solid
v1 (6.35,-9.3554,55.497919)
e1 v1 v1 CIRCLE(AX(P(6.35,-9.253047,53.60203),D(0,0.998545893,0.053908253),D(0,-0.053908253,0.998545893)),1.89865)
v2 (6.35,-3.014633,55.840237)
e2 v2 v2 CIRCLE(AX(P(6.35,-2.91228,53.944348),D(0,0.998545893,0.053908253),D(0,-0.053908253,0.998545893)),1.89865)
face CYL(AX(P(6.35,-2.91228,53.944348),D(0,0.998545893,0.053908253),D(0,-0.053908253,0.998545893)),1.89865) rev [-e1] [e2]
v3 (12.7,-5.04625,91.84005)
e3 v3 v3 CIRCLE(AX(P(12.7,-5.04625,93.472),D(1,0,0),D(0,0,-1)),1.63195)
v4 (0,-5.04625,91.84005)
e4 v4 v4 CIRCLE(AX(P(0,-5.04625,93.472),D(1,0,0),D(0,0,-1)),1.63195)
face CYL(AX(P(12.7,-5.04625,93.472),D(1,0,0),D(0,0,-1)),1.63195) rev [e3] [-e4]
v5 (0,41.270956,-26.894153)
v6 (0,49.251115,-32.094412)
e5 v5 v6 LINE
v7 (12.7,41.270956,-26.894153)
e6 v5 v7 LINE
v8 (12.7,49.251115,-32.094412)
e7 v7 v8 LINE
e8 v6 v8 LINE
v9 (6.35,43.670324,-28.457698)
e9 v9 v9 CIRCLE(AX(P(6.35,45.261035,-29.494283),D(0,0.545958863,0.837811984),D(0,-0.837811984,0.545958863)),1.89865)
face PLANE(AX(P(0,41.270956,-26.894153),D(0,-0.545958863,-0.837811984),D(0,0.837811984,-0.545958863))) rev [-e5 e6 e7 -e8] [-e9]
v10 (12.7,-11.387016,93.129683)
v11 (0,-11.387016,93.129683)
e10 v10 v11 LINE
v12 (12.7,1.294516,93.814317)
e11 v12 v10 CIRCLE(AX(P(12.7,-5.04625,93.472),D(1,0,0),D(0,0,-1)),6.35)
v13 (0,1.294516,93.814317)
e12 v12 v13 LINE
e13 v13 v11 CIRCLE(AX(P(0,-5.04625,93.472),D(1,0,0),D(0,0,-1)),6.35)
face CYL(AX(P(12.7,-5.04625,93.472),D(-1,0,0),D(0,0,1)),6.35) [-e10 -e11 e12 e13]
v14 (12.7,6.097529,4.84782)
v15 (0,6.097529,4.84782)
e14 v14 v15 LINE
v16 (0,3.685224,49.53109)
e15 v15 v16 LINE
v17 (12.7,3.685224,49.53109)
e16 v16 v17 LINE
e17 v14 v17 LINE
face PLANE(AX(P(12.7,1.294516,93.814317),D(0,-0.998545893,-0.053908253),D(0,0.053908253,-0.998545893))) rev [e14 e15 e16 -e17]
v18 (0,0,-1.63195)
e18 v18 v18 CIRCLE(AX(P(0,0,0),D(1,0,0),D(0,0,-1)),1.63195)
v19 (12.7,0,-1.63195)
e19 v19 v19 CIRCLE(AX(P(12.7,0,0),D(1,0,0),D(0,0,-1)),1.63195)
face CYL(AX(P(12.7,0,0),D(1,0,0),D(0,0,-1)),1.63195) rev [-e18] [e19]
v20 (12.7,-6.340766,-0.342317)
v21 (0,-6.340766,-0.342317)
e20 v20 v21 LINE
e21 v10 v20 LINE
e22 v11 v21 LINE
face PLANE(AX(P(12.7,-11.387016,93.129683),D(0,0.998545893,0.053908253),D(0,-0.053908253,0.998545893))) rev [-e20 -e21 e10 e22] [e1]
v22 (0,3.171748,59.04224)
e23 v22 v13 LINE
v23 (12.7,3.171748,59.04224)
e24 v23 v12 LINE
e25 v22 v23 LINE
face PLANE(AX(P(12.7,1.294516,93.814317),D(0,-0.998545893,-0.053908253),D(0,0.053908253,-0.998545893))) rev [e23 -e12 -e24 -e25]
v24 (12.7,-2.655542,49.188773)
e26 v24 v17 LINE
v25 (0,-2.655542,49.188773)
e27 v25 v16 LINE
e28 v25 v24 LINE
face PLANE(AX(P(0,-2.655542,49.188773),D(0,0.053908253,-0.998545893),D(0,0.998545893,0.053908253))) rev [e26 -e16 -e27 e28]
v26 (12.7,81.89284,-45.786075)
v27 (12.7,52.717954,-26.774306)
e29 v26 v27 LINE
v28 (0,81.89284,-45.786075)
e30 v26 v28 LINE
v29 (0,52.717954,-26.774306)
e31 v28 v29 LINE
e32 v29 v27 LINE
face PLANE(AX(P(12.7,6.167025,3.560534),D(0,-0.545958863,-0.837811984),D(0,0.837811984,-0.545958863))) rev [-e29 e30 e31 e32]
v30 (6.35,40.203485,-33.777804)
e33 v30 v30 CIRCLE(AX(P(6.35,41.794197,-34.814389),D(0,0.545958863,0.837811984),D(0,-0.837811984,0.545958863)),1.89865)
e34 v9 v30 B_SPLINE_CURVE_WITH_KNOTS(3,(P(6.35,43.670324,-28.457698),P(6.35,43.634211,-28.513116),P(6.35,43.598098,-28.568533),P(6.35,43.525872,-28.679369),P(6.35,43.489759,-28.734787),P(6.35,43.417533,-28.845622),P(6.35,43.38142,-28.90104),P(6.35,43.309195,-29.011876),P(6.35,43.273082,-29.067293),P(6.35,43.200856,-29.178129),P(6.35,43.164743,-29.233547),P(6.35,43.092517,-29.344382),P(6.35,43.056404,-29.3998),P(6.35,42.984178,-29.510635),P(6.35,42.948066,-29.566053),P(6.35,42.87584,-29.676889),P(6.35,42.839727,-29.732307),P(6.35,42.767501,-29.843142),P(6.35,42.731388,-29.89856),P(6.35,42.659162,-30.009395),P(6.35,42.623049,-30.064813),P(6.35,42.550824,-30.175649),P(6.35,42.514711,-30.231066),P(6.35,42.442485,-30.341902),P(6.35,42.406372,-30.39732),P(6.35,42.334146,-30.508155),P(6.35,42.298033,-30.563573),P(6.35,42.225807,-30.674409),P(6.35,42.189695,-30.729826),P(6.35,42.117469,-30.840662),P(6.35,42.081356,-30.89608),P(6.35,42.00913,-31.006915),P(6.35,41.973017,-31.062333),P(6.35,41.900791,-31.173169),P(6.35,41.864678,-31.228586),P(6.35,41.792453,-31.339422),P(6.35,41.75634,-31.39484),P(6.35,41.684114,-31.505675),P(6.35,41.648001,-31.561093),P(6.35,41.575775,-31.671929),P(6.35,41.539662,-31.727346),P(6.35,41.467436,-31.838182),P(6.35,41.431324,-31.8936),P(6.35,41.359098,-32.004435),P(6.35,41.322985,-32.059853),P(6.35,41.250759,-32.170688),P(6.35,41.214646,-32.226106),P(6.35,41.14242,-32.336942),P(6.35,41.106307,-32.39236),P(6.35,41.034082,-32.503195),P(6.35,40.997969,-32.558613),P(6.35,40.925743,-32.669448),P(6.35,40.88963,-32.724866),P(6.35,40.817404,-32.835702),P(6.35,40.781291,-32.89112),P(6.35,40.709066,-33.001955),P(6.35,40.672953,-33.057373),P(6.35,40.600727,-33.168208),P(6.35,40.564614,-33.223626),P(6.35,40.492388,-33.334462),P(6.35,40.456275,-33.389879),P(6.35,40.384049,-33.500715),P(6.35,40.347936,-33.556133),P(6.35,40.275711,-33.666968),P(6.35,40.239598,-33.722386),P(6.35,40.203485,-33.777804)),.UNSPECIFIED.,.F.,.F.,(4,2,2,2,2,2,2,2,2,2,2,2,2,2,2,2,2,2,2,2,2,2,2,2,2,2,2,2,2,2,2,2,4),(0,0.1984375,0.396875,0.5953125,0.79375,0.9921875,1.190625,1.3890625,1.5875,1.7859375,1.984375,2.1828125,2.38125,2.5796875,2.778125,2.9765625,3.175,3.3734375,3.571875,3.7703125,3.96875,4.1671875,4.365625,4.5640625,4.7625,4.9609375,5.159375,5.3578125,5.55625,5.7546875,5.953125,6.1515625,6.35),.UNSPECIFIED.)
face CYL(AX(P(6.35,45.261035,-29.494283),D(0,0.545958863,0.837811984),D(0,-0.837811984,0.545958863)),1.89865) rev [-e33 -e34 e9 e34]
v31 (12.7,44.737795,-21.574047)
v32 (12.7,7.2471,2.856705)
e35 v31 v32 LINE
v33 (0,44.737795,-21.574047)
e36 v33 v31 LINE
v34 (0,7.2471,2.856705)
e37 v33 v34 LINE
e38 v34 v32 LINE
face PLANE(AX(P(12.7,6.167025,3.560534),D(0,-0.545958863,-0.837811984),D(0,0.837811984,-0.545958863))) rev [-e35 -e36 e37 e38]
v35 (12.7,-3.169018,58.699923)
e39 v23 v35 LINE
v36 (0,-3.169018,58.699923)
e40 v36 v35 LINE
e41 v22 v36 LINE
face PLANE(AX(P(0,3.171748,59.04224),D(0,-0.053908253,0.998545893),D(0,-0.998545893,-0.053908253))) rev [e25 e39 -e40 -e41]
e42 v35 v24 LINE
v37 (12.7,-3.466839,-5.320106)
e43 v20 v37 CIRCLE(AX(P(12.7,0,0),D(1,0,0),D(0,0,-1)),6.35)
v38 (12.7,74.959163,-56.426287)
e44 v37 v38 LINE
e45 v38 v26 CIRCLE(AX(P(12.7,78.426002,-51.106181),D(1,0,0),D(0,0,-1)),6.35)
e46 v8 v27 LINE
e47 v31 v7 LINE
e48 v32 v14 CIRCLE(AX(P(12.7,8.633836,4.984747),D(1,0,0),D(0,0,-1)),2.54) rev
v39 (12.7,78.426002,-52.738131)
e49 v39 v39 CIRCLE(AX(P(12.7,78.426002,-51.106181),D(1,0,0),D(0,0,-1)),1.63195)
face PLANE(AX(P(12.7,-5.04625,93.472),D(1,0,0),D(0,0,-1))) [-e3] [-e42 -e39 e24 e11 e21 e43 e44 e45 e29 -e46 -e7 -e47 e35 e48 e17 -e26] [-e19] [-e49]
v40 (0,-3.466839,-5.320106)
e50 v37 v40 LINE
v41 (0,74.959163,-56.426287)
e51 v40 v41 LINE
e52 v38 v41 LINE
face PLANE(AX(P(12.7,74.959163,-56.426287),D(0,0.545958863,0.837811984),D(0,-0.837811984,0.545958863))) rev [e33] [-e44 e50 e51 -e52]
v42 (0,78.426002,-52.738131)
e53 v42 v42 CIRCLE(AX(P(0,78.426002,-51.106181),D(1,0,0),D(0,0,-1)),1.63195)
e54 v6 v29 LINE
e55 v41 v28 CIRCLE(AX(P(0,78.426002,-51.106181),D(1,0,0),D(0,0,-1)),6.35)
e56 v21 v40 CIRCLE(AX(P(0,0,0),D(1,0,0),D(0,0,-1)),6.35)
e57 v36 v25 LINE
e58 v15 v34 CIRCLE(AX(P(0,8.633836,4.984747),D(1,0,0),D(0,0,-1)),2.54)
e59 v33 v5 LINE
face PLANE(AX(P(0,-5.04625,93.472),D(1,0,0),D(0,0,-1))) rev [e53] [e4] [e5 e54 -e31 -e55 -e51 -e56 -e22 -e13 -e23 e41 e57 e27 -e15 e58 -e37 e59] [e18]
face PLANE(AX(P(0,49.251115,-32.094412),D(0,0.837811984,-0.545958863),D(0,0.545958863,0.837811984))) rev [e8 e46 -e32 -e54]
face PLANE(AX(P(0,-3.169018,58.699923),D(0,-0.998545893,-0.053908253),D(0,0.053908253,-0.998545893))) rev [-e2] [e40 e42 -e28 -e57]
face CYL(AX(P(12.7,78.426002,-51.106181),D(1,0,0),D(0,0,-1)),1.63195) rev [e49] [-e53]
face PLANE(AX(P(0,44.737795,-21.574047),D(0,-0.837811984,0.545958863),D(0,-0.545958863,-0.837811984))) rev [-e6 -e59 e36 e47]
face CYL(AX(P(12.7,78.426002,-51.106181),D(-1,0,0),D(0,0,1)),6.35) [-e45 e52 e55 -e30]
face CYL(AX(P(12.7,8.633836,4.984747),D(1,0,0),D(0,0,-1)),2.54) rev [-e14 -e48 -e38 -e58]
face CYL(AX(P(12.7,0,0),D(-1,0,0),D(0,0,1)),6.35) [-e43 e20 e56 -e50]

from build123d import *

# Parameters (mm, degrees)
BOSS_EXTRUDE1_DEPTH        = 12.7
CUT_EXTRUDE1_DEPTH         = 132.57770374
AXEL_HOLES_D               = 3.2639
MOUNTING_HOLES_D           = 3.7973
MOUNTING_HOLES_ON_FACE_2_D = 3.7973
FILLET1_R                  = 2.54


with BuildPart() as part:
    # Sketch1 → Boss-Extrude1 (new body)
    with BuildSketch(Plane(origin=(0, 0, 0), x_dir=(0, 0, -1), z_dir=(1, 0, 0))):
        with BuildLine():
            Line((-93.814317406, 1.29451642), (-3.560533752, 6.167025361))
            Line((-3.560533752, 6.167025361), (45.786074597, 81.892840322))
            ThreePointArc((45.786074597, 81.892840322), (54.573019473, 83.746107639), (56.42628679, 74.959162763))
            Line((56.42628679, 74.959162763), (5.320106096, -3.46683878))
            ThreePointArc((5.320106096, -3.46683878), (3.175, -5.499261314), (0.342317406, -6.34076642))
            Line((0.342317406, -6.34076642), (-93.129682594, -11.38701642))
            ThreePointArc((-93.129682594, -11.38701642), (-99.81276642, -5.388567406), (-93.814317406, 1.29451642))
        make_face()
    extrude(amount=BOSS_EXTRUDE1_DEPTH)

    # Sketch2 → Cut-Extrude1 (cut, through all)
    with BuildSketch(Plane(origin=(12.7, 0, 0), x_dir=(0, 0, -1), z_dir=(1, 0, 0))):
        Polygon((-59.042239928, 3.171748061), (-58.699922522, -3.169018359), (-49.188772892, -2.65554225), (-49.531090298, 3.68522417), align=None)
        Polygon((21.574047399, 44.73779456), (26.894153496, 41.270955781), (32.094411665, 49.251114925), (26.774305568, 52.717953705), align=None)
    extrude(amount=-CUT_EXTRUDE1_DEPTH, mode=Mode.SUBTRACT)

    # Axel Holes (through all)
    with Locations(Plane(origin=(12.7, -5.04625, 93.472), x_dir=(0, 0, 1), z_dir=(1, 0, 0))):
        with Locations((0, 0), (-93.472, -5.04625), (-144.578180694, -83.472251543)):
            Hole(AXEL_HOLES_D / 2)

    # Mounting Holes (through all)
    with Locations(Plane(origin=(6.35, -2.912280304, 53.944347707), x_dir=(0, -0.053908252869, 0.998545892923), z_dir=(0, 0.998545892923, 0.053908252869))):
        with Locations((0, 0)):
            Hole(MOUNTING_HOLES_D / 2)

    # Mounting Holes on face 2 (through all)
    with Locations(Plane(origin=(6.35, 45.261035353, -29.49428258), x_dir=(0, 0.837811925843, -0.545958951676), z_dir=(0, 0.545958951676, 0.837811925843))):
        with Locations((0, 0)):
            Hole(MOUNTING_HOLES_ON_FACE_2_D / 2)

    # Fillet1
    fillet1_edges = [part.edges().sort_by_distance(p)[0] for p in [
        (6.35, 6.167025361, 3.560533752),
    ]]
    fillet(fillet1_edges, radius=FILLET1_R)


solid = part.part
